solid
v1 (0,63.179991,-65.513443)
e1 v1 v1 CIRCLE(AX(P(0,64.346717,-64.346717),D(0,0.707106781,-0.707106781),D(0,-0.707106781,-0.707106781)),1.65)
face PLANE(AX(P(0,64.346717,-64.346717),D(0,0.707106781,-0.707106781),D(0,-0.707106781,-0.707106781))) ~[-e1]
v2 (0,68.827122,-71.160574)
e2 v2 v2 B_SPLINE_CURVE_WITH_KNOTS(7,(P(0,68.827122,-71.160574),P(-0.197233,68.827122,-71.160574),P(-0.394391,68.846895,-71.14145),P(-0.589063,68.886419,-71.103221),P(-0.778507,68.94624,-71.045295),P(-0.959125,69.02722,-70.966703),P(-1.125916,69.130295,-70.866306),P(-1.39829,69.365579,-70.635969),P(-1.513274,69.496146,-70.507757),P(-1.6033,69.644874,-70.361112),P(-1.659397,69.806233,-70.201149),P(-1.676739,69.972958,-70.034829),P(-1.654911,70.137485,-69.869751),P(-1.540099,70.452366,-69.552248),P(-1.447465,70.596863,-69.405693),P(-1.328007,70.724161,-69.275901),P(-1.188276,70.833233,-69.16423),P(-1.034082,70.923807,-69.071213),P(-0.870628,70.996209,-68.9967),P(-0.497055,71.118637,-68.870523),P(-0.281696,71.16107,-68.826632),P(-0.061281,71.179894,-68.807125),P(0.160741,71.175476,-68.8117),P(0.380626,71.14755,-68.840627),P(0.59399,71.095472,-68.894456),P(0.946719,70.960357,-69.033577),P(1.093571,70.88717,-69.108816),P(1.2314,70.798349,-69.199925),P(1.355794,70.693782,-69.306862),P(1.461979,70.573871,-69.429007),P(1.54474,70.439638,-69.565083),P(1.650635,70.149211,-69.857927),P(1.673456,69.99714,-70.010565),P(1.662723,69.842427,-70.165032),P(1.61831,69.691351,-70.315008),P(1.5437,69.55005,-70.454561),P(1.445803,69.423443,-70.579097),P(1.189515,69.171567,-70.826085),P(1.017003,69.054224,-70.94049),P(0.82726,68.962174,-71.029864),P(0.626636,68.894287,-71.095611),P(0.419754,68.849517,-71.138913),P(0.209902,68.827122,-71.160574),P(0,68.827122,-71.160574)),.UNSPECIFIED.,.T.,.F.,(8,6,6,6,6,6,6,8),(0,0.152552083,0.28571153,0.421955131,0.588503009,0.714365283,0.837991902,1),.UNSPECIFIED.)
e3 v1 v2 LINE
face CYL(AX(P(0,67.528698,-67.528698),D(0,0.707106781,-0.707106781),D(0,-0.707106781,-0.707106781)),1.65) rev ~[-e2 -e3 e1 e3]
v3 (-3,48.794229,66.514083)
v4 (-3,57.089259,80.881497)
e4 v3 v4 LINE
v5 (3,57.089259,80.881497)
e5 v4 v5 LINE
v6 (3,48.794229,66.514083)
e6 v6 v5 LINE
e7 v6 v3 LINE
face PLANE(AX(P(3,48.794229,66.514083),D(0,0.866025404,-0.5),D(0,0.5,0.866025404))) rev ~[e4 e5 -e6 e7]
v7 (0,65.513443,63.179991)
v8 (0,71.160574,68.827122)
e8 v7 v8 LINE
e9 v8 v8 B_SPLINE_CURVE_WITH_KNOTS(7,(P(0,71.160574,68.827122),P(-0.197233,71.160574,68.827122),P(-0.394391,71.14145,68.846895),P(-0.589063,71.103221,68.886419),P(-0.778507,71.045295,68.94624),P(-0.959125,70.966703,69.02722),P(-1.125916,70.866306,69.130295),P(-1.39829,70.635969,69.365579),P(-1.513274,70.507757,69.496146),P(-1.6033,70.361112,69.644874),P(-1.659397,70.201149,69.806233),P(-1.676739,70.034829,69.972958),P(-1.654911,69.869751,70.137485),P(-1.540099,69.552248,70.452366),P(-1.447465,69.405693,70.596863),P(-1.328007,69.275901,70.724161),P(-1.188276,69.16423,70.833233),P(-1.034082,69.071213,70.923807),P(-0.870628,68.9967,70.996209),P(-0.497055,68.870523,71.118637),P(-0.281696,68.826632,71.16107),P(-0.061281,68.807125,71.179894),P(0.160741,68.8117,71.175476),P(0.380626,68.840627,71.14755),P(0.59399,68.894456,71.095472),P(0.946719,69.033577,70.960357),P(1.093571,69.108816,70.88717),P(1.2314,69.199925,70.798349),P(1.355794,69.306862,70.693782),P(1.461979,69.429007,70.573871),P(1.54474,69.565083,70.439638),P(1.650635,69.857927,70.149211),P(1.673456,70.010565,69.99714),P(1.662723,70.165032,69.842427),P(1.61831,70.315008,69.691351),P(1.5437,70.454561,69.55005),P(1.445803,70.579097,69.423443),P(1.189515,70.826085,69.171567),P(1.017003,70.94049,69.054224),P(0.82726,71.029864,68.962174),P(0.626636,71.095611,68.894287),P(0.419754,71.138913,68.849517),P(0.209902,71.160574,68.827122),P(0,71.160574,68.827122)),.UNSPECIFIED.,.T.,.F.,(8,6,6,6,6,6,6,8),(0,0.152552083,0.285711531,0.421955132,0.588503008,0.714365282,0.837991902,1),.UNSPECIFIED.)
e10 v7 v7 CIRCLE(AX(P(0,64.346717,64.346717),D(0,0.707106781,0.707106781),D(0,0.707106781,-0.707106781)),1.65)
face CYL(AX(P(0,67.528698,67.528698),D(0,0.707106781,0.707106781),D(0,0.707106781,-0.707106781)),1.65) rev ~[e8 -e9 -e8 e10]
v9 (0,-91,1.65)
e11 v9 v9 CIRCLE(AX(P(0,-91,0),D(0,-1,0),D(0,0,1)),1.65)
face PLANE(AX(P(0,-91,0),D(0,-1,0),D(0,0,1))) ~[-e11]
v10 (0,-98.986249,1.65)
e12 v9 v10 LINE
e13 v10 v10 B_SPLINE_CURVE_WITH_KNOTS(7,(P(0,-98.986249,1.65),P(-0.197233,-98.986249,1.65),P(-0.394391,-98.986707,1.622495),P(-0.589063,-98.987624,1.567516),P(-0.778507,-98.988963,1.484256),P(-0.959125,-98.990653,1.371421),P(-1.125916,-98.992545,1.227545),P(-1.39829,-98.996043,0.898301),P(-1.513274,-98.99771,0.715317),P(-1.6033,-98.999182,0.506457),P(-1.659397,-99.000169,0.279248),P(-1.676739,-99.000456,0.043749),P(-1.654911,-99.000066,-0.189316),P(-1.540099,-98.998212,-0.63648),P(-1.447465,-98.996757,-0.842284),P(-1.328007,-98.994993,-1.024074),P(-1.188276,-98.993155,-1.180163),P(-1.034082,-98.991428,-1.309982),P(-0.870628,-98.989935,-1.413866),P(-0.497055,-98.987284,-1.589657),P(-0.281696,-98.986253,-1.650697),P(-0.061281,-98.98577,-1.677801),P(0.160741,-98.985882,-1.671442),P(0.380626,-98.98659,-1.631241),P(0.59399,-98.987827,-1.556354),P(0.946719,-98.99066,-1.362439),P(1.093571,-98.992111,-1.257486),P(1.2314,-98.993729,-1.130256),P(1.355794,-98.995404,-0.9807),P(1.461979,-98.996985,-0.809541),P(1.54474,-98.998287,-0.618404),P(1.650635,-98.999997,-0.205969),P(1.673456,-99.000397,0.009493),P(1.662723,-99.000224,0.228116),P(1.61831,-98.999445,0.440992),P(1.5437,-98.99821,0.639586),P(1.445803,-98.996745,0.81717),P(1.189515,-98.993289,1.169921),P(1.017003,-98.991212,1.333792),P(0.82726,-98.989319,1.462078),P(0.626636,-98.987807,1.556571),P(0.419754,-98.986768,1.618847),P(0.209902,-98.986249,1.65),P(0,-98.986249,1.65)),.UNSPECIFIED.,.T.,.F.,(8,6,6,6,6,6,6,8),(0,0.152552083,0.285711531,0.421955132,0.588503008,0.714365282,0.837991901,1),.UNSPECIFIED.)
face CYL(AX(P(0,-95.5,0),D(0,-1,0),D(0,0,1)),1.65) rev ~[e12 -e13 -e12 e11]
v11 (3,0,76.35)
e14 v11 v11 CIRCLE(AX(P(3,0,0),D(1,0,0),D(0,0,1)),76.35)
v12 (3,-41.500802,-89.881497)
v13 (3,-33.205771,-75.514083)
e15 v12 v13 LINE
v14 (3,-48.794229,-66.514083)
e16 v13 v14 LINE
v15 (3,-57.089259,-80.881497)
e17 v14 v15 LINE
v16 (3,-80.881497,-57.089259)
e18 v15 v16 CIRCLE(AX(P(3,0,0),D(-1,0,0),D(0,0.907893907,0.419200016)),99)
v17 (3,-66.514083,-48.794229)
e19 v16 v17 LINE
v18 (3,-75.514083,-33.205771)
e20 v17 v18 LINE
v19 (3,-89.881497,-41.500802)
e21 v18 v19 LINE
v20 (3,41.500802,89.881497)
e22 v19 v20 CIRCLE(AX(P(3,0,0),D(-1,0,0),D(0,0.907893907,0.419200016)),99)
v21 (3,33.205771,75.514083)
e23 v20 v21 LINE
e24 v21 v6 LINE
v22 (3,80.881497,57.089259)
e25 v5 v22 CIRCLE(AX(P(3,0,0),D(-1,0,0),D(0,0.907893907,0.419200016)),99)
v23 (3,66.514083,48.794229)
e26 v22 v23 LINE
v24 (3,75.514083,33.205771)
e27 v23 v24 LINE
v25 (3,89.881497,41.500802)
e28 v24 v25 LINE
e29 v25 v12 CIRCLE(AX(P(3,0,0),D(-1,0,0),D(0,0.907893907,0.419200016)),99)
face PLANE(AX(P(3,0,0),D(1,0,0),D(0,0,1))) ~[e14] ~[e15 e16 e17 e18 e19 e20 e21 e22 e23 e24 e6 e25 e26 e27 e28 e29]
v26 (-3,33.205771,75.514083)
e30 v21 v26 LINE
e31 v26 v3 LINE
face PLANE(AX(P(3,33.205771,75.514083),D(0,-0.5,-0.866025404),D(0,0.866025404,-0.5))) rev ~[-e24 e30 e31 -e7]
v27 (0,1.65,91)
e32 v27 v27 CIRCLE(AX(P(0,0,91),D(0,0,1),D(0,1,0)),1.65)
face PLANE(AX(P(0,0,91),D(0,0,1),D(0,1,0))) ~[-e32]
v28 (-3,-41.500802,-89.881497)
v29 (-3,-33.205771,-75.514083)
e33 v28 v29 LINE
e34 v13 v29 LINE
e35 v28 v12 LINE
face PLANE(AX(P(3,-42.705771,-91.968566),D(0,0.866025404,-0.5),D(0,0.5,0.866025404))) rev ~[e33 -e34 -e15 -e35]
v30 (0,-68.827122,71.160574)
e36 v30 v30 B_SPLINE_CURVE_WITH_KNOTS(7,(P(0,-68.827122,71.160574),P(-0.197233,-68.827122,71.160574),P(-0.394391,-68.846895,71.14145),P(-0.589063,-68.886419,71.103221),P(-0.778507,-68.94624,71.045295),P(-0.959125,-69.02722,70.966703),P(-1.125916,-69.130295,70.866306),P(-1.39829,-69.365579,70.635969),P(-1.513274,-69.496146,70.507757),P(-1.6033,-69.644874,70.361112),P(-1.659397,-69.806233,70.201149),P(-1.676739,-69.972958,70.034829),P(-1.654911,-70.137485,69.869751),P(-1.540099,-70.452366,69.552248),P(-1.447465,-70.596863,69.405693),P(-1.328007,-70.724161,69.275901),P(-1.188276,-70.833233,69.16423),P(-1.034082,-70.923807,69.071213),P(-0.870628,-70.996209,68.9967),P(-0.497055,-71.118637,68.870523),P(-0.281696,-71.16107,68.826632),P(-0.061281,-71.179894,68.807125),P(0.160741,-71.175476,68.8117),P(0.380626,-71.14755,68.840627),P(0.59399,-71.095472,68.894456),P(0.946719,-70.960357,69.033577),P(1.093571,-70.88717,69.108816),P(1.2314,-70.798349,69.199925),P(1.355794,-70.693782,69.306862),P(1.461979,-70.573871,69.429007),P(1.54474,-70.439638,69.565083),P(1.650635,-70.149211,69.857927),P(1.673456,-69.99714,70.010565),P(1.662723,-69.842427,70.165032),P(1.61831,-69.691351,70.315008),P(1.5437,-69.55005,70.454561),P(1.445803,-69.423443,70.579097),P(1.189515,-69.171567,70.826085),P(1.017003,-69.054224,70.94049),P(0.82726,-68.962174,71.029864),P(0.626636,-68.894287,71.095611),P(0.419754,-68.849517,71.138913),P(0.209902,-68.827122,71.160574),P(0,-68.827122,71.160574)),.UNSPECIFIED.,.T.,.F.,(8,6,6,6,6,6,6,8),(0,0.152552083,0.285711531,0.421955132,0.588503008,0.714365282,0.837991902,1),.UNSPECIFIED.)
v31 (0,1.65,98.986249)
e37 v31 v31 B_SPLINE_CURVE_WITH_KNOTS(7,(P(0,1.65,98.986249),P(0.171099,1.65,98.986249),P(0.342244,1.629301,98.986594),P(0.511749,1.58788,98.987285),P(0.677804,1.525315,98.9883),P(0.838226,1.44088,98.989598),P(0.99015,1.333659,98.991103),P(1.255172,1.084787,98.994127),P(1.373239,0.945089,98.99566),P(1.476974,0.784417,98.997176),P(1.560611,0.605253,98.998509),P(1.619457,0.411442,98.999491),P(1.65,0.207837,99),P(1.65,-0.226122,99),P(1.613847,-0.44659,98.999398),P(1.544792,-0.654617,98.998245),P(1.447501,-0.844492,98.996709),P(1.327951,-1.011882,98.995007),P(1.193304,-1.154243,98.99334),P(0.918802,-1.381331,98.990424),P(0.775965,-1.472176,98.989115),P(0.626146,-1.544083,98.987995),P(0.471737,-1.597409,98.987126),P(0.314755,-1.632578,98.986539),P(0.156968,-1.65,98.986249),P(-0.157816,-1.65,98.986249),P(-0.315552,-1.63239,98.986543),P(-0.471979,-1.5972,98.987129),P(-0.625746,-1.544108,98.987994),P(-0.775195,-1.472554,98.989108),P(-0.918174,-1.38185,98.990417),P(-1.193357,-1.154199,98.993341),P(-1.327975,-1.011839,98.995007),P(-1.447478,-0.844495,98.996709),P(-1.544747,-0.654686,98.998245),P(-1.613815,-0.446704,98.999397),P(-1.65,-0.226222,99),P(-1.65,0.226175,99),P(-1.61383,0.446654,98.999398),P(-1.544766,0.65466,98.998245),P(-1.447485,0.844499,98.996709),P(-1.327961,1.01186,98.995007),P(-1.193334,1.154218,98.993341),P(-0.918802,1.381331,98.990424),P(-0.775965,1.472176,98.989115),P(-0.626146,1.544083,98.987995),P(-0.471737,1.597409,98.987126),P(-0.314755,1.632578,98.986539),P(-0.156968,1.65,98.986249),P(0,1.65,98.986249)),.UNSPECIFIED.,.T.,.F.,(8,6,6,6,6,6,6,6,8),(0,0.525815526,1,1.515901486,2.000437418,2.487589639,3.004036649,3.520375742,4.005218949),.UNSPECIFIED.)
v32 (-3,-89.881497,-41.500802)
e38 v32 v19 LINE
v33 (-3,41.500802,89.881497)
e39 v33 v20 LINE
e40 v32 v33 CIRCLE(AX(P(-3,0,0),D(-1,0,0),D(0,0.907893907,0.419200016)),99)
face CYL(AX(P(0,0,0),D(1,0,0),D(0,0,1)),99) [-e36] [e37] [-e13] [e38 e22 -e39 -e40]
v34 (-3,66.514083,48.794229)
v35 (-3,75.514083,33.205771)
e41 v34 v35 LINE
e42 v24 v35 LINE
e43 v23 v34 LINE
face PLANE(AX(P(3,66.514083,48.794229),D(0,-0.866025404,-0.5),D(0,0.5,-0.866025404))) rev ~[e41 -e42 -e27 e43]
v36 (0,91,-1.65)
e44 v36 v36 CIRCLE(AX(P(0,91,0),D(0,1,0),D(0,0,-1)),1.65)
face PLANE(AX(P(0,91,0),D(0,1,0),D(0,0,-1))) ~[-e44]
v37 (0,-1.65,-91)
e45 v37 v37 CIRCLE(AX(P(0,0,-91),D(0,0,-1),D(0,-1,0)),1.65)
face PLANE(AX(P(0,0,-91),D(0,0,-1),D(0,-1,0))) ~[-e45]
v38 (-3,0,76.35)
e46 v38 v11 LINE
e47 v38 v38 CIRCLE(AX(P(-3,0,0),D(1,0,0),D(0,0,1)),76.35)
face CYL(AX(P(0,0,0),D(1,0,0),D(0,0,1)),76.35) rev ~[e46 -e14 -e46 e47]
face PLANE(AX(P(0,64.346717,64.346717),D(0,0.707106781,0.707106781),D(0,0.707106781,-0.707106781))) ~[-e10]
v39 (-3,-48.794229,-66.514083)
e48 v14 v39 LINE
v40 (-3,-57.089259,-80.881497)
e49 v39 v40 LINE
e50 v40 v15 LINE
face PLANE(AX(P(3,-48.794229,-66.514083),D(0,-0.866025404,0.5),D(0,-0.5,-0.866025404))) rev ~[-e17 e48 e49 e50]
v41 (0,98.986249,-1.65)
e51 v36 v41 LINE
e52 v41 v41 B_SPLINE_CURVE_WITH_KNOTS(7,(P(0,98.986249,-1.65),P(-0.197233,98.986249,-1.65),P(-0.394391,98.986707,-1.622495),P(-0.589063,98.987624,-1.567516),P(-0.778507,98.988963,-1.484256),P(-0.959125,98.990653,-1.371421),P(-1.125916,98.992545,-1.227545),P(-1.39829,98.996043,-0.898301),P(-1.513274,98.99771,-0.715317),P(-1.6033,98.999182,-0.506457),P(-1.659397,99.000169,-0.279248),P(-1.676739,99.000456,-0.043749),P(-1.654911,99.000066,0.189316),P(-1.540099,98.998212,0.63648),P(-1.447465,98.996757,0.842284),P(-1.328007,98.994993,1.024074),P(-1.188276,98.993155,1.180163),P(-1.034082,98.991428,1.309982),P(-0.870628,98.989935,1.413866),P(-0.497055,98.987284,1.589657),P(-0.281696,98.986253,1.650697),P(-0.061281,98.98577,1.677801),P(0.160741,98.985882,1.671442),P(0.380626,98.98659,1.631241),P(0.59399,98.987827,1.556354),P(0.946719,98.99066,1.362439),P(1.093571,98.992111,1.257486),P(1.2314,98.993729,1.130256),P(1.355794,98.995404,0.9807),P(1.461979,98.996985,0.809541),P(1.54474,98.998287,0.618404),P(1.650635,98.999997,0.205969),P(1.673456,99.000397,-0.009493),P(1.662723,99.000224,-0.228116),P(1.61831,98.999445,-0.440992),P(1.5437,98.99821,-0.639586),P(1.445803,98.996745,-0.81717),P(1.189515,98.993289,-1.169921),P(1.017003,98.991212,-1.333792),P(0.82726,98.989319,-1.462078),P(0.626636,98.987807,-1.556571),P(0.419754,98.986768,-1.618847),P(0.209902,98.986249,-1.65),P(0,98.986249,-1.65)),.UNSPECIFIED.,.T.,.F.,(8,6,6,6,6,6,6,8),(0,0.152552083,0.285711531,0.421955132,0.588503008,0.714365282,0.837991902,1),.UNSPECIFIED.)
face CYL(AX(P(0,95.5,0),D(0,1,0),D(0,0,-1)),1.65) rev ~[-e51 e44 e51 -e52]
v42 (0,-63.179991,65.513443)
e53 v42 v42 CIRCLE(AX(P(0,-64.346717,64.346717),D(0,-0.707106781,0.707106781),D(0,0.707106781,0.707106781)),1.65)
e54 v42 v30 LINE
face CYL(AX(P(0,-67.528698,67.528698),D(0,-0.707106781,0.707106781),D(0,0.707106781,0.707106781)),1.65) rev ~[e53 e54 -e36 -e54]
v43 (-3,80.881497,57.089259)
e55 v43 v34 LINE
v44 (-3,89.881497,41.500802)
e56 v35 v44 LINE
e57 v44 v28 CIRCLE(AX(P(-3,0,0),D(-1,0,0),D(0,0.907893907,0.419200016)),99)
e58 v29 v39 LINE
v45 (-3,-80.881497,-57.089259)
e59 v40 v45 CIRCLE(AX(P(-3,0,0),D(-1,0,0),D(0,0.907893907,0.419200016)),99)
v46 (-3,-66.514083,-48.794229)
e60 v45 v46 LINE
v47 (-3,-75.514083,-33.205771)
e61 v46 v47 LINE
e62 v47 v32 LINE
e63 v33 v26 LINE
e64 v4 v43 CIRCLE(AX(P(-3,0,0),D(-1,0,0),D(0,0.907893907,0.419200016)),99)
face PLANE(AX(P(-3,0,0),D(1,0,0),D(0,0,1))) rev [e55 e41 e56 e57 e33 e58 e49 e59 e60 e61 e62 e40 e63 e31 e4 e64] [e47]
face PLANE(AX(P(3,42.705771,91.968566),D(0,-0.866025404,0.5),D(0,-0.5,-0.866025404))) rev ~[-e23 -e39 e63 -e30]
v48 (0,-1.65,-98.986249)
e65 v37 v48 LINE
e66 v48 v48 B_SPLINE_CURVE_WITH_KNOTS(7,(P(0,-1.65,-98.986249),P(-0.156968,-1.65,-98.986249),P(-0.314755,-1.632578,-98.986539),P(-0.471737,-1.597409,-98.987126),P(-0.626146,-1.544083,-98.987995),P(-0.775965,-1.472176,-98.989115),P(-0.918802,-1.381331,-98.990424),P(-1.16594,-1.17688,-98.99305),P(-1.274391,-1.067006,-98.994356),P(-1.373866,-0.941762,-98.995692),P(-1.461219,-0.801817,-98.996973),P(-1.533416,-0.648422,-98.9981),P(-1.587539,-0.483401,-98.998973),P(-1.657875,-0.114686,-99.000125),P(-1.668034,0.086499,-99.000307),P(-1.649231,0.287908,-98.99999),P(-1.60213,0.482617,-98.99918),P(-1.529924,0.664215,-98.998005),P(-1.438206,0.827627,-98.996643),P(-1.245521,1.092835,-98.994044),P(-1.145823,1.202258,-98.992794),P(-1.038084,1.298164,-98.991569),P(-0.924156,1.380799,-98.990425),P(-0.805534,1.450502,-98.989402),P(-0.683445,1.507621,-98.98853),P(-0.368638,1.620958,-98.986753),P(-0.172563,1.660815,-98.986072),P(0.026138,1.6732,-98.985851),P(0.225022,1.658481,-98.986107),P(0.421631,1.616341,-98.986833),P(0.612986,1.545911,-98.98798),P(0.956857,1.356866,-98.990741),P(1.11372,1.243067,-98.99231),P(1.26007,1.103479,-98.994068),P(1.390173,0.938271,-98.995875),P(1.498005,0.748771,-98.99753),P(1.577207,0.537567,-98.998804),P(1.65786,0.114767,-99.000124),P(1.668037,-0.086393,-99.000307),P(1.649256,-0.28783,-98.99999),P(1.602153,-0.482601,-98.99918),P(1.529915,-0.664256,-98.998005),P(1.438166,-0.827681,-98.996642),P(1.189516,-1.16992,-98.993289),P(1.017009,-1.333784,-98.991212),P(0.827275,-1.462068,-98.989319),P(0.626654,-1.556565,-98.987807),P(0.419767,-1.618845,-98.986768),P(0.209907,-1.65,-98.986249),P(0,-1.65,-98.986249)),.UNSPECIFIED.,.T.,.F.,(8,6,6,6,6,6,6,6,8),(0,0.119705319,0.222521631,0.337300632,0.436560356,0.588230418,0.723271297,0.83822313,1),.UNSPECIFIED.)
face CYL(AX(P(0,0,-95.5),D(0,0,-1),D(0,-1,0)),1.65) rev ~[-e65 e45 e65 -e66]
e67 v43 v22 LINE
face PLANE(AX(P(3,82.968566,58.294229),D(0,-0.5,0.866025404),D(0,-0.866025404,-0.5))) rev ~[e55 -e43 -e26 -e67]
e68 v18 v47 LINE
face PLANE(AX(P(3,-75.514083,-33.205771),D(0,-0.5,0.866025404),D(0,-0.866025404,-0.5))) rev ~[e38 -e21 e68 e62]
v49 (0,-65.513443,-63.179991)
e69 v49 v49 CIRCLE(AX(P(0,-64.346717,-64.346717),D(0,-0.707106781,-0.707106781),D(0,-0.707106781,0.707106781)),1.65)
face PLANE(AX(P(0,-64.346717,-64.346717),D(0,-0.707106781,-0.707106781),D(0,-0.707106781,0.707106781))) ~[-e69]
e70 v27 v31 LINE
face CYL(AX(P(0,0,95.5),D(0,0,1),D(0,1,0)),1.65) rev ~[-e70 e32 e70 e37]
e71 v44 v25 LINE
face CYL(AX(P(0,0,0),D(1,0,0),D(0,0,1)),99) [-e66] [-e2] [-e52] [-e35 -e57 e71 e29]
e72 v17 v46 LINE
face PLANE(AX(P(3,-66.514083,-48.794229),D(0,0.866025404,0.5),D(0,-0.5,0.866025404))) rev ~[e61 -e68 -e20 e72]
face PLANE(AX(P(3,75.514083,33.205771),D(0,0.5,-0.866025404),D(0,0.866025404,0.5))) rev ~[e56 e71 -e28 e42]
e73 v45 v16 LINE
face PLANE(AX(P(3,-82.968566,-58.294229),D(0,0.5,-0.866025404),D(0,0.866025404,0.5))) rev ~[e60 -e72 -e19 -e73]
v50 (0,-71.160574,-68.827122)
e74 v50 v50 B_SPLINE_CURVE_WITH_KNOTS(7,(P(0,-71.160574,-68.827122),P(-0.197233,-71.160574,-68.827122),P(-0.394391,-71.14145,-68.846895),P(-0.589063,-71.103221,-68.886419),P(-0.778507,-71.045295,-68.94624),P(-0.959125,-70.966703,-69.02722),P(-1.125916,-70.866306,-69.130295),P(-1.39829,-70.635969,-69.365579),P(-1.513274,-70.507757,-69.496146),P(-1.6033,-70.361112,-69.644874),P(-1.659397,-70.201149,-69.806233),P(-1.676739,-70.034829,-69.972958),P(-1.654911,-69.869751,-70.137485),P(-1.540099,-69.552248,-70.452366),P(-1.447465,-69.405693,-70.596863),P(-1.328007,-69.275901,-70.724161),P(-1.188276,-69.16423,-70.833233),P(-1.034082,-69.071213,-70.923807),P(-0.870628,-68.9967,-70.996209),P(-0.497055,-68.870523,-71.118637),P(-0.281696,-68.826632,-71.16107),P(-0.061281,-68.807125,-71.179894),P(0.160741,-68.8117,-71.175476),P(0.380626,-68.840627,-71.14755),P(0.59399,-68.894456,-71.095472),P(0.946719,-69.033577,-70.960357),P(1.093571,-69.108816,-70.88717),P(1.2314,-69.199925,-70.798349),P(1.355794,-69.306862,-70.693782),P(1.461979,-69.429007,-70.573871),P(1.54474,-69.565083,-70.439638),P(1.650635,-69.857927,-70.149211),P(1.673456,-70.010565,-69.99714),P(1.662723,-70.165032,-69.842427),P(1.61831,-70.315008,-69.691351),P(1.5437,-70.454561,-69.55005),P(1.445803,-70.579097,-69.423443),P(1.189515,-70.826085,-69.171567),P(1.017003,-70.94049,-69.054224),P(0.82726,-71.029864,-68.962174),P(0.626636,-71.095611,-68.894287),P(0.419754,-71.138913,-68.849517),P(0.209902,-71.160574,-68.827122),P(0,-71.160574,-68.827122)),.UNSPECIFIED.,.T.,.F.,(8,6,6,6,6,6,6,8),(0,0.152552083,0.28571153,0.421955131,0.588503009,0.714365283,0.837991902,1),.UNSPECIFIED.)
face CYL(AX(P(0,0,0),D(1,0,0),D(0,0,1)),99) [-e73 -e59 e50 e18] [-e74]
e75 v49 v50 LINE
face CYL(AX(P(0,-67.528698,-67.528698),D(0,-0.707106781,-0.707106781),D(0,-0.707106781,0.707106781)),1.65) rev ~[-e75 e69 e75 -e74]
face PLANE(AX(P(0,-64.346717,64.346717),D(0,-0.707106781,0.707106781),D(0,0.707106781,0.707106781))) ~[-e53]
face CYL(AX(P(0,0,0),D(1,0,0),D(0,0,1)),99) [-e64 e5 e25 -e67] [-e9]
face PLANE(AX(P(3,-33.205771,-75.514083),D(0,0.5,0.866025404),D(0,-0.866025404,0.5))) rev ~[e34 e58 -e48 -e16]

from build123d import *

# Parameters (mm, degrees)
RING_SKETCH_W        = 6
RING_SKETCH_H        = 22.65
NOTCH_30_DEPTH       = 6
NOTCH_60_DEPTH       = 6
NOTCH_210_DEPTH      = 6
NOTCH_240_DEPTH      = 6
SCREW_HOLE_SKETCH_W  = 1.65
SCREW_HOLE_SKETCH_H  = 9
SCREW_HOLES_X8_COUNT = 8


with BuildPart() as part:
    # Ring Sketch → Ring (revolve)
    with BuildSketch(Plane.XY):
        with Locations((0, 87.675)):
            Rectangle(RING_SKETCH_W, RING_SKETCH_H)
    revolve(axis=Axis((-1000, 0, 0), (1, 0, 0)))

    # Notch 30 Sketch → Notch 30 (cut)
    with BuildSketch(Plane(origin=(3, 0, 0), x_dir=(0, 0, -1), z_dir=(1, 0, 0))):
        Polygon((-48.794228634, 66.51408311), (-33.205771366, 75.51408311), (-42.705771366, 91.968565782), (-58.294228634, 82.968565782), align=None)
    extrude(amount=-NOTCH_30_DEPTH, mode=Mode.SUBTRACT)

    # Notch 60 Sketch → Notch 60 (cut)
    with BuildSketch(Plane(origin=(3, 0, 0), x_dir=(0, 0, -1), z_dir=(1, 0, 0))):
        Polygon((-75.51408311, 33.205771366), (-66.51408311, 48.794228634), (-82.968565782, 58.294228634), (-91.968565782, 42.705771366), align=None)
    extrude(amount=-NOTCH_60_DEPTH, mode=Mode.SUBTRACT)

    # Notch 210 Sketch → Notch 210 (cut)
    with BuildSketch(Plane(origin=(3, 0, 0), x_dir=(0, 0, -1), z_dir=(1, 0, 0))):
        Polygon((48.794228634, -66.51408311), (33.205771366, -75.51408311), (42.705771366, -91.968565782), (58.294228634, -82.968565782), align=None)
    extrude(amount=-NOTCH_210_DEPTH, mode=Mode.SUBTRACT)

    # Notch 240 Sketch → Notch 240 (cut)
    with BuildSketch(Plane(origin=(3, 0, 0), x_dir=(0, 0, -1), z_dir=(1, 0, 0))):
        Polygon((75.51408311, -33.205771366), (66.51408311, -48.794228634), (82.968565782, -58.294228634), (91.968565782, -42.705771366), align=None)
    extrude(amount=-NOTCH_240_DEPTH, mode=Mode.SUBTRACT)

    # Screw Hole Sketch → Screw Hole (revolve, cut)
    with BuildSketch(Plane.XY):
        with Locations((0.825, 95.5)):
            Rectangle(SCREW_HOLE_SKETCH_W, SCREW_HOLE_SKETCH_H)
    screw_hole = revolve(axis=Axis((0, 30, 0), (0, 1, 0)), mode=Mode.SUBTRACT)

    # Screw Holes x8: Screw Hole ×8 about axis
    screw_holes_x8_axis = Axis((3.3, 0, 0), (-1, 0, 0))
    for i in range(1, SCREW_HOLES_X8_COUNT):
        add(screw_hole.rotate(screw_holes_x8_axis, i * 360 / SCREW_HOLES_X8_COUNT), mode=Mode.SUBTRACT)


solid = part.part
